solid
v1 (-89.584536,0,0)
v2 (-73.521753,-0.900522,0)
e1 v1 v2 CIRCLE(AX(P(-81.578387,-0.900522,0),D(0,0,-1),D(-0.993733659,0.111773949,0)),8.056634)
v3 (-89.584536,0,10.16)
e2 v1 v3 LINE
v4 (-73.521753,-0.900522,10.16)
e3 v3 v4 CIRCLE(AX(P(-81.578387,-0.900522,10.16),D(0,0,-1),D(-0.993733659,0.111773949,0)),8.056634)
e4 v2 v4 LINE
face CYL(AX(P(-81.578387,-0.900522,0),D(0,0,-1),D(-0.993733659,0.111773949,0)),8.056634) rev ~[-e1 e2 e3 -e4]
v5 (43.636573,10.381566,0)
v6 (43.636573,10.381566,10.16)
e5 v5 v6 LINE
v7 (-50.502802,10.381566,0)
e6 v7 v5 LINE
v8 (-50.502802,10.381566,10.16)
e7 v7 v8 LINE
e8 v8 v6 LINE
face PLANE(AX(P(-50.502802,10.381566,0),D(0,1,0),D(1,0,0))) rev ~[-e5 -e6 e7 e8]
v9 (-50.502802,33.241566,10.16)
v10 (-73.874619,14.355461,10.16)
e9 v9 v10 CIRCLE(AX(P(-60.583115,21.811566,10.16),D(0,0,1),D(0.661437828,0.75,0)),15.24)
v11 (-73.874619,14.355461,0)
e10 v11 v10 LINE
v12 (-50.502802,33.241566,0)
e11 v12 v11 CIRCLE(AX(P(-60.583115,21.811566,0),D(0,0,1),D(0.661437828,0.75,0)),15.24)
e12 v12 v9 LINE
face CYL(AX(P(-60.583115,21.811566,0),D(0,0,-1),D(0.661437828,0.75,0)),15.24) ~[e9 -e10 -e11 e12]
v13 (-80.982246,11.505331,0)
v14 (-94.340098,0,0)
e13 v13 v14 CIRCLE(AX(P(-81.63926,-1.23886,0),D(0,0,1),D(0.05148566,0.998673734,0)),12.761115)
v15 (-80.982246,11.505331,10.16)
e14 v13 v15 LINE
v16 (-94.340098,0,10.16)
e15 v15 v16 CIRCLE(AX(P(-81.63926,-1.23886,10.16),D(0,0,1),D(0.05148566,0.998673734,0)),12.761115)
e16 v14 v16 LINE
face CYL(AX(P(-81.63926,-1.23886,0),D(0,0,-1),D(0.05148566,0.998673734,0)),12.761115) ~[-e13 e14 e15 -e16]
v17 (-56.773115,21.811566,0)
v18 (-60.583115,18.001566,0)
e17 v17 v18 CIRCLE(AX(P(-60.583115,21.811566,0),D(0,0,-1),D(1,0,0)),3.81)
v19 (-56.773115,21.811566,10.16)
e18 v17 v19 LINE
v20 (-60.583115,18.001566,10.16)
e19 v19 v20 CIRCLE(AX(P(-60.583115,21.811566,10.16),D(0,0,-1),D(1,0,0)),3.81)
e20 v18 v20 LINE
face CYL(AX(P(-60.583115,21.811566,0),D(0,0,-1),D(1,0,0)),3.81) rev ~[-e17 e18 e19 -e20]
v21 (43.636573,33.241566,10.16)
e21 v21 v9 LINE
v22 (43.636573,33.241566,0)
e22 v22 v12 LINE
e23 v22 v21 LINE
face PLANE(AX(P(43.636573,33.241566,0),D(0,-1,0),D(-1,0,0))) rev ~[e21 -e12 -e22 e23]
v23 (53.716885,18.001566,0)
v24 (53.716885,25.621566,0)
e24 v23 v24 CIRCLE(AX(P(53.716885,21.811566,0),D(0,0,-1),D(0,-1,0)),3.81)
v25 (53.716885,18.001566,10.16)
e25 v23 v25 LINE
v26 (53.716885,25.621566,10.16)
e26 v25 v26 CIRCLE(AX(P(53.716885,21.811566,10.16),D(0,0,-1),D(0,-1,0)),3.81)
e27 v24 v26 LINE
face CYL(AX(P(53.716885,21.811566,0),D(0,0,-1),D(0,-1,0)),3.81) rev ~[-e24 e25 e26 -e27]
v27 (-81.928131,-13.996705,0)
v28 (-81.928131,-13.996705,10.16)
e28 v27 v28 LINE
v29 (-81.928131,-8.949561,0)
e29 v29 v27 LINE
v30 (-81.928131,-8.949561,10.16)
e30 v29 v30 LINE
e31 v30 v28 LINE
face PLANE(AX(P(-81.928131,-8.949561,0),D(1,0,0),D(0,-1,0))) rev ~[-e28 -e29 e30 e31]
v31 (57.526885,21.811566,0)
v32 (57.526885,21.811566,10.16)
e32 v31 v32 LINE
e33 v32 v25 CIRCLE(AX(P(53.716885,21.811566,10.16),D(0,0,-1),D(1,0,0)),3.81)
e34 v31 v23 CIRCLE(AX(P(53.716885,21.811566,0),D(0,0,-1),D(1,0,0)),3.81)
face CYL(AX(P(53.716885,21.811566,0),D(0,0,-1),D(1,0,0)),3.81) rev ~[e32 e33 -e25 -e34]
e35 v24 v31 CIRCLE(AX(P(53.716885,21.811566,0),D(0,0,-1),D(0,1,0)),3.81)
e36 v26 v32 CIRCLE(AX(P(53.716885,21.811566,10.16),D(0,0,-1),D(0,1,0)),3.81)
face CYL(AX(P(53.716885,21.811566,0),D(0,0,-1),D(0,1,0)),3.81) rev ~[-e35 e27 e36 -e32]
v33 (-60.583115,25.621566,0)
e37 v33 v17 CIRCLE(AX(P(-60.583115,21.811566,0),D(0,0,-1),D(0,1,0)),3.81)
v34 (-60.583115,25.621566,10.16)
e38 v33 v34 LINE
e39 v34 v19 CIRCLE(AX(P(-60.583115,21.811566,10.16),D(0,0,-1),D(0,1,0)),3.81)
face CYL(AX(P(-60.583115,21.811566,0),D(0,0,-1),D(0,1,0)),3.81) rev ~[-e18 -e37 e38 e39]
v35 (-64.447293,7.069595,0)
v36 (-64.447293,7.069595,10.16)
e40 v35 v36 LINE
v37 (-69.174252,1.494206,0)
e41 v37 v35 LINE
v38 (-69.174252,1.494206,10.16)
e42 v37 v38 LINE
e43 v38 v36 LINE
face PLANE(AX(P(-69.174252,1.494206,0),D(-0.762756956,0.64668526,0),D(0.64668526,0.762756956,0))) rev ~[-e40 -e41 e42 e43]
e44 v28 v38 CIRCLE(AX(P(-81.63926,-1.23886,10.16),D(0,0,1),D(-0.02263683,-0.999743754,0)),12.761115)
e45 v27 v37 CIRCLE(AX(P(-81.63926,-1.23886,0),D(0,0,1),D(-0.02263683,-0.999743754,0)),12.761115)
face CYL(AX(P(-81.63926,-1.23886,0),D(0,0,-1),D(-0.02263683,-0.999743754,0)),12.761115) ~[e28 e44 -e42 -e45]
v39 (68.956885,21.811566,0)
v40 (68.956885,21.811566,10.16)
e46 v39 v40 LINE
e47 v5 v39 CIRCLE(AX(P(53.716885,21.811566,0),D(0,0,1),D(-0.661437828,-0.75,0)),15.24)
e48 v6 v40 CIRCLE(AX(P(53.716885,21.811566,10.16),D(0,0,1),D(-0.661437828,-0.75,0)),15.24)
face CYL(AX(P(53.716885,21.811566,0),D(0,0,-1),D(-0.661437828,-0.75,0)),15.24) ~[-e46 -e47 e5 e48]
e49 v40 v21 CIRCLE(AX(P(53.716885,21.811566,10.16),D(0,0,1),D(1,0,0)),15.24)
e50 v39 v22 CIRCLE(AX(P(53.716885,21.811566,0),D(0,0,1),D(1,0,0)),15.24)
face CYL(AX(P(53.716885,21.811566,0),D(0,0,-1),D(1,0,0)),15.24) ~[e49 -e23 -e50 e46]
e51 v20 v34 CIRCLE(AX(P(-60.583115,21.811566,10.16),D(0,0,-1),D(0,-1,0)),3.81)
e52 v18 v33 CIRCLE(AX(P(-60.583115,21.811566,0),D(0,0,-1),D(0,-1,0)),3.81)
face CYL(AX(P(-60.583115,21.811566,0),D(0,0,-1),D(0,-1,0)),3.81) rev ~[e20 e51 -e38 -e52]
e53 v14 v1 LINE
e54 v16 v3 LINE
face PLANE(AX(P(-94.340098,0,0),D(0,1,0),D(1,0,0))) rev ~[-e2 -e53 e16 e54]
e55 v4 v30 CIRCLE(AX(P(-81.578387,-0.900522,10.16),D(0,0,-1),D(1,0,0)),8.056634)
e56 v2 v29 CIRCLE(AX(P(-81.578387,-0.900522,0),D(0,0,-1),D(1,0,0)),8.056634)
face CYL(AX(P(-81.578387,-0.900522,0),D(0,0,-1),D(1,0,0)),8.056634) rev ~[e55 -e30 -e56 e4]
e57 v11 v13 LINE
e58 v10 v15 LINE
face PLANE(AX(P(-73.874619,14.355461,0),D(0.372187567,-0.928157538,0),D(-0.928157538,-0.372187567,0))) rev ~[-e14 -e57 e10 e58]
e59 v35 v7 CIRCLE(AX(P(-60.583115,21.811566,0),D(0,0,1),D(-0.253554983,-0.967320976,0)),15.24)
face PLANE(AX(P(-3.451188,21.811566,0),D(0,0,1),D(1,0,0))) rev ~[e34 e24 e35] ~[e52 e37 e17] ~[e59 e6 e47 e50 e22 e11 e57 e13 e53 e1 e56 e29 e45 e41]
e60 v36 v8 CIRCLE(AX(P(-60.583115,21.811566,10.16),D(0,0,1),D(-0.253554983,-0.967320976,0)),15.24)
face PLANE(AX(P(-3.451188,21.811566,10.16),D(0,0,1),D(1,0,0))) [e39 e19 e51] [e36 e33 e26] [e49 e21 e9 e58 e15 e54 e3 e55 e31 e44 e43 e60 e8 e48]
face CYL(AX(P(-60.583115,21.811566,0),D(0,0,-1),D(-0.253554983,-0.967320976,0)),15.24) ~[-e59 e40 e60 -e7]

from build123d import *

# Parameters (mm, degrees)
F1_DEPTH = 10.16


with BuildPart() as f1:
    # F0 (on Top) → F1 (new body)
    with BuildSketch(Plane.XY):
        with BuildLine():
            Line((43.6365728808, 33.2415662706), (-50.5028021289, 33.2415662706))
            ThreePointArc((-50.5028021289, 33.2415662706), (-46.6928021289, 28.0818787657), (-45.343114624, 21.8115662706))
            ThreePointArc((-45.343114624, 21.8115662706), (-46.6928021289, 15.5412537754), (-50.5028021289, 10.3815662706))
            Line((-50.5028021289, 10.3815662706), (43.6365728808, 10.3815662706))
            ThreePointArc((43.6365728808, 10.3815662706), (38.476885376, 21.8115662706), (43.6365728808, 33.2415662706))
        make_face()
        with BuildLine():
            Line((-50.5028021289, 33.2415662706), (-60.583114624, 33.2415662706))
            Line((-60.583114624, 33.2415662706), (-60.583114624, 25.6215662706))
            ThreePointArc((-60.583114624, 25.6215662706), (-57.8890377877, 24.5056431069), (-56.773114624, 21.8115662706))
            ThreePointArc((-56.773114624, 21.8115662706), (-57.8890377877, 19.1174894343), (-60.583114624, 18.0015662706))
            Line((-60.583114624, 18.0015662706), (-60.583114624, 10.3815662706))
            Line((-60.583114624, 10.3815662706), (-50.5028021289, 10.3815662706))
            ThreePointArc((-50.5028021289, 10.3815662706), (-46.6928021289, 15.5412537754), (-45.343114624, 21.8115662706))
            ThreePointArc((-45.343114624, 21.8115662706), (-46.6928021289, 28.0818787657), (-50.5028021289, 33.2415662706))
        make_face()
        with BuildLine():
            Line((-60.583114624, 25.6215662706), (-60.583114624, 33.2415662706))
            Line((-60.583114624, 33.2415662706), (-50.5028021289, 33.2415662706))
            ThreePointArc((-50.5028021289, 33.2415662706), (-70.1616937801, 33.6651910896), (-73.874619414, 14.3554613613))
            ThreePointArc((-73.874619414, 14.3554613613), (-69.9024668607, 9.7530724223), (-64.4472925639, 7.0695945962))
            ThreePointArc((-64.4472925639, 7.0695945962), (-57.0614145665, 6.9840503389), (-50.5028021289, 10.3815662706))
            Line((-50.5028021289, 10.3815662706), (-60.583114624, 10.3815662706))
            Line((-60.583114624, 10.3815662706), (-60.583114624, 18.0015662706))
            ThreePointArc((-60.583114624, 18.0015662706), (-64.393114624, 21.8115662706), (-60.583114624, 25.6215662706))
        make_face()
        with BuildLine():
            Line((53.716885376, 33.2415662706), (43.6365728808, 33.2415662706))
            ThreePointArc((43.6365728808, 33.2415662706), (38.476885376, 21.8115662706), (43.6365728808, 10.3815662706))
            Line((43.6365728808, 10.3815662706), (53.716885376, 10.3815662706))
            Line((53.716885376, 10.3815662706), (53.716885376, 18.0015662706))
            ThreePointArc((53.716885376, 18.0015662706), (49.906885376, 21.8115662706), (53.716885376, 25.6215662706))
            Line((53.716885376, 25.6215662706), (53.716885376, 33.2415662706))
        make_face()
        with BuildLine():
            ThreePointArc((68.956885376, 21.8115662706), (59.9871978711, 35.7018787657), (43.6365728808, 33.2415662706))
            Line((43.6365728808, 33.2415662706), (53.716885376, 33.2415662706))
            Line((53.716885376, 33.2415662706), (53.716885376, 25.6215662706))
            ThreePointArc((53.716885376, 25.6215662706), (56.4109622123, 24.5056431069), (57.526885376, 21.8115662706))
            ThreePointArc((57.526885376, 21.8115662706), (56.4109622123, 19.1174894343), (53.716885376, 18.0015662706))
            Line((53.716885376, 18.0015662706), (53.716885376, 10.3815662706))
            Line((53.716885376, 10.3815662706), (43.6365728808, 10.3815662706))
            ThreePointArc((43.6365728808, 10.3815662706), (59.9871978711, 7.9212537754), (68.956885376, 21.8115662706))
        make_face()
        with BuildLine():
            ThreePointArc((-64.4472925639, 7.0695945962), (-69.9024668607, 9.7530724223), (-73.874619414, 14.3554613613))
            Line((-73.874619414, 14.3554613613), (-80.9822455049, 11.5053309128))
            Line((-80.9822455049, 11.5053309128), (-69.1742524505, 1.4942061389))
            Line((-69.1742524505, 1.4942061389), (-64.4472925639, 7.0695945962))
        make_face()
        with BuildLine():
            Line((-69.1742524505, 1.4942061389), (-80.9822455049, 11.5053309128))
            ThreePointArc((-80.9822455049, 11.5053309128), (-89.9673198339, 8.4301361201), (-94.340097979, 0))
            Line((-94.340097979, 0), (-89.5845357907, 0))
            ThreePointArc((-89.5845357907, 0), (-81.1274192403, 7.1434810903), (-73.5217529639, -0.9005218265))
            ThreePointArc((-73.5217529639, -0.9005218265), (-76.0065115637, -6.7197620731), (-81.9281311378, -8.9495611595))
            Line((-81.9281311378, -8.9495611595), (-81.9281311378, -13.9967047853))
            ThreePointArc((-81.9281311378, -13.9967047853), (-71.7875263831, -9.3499264964), (-69.1742524505, 1.4942061389))
        make_face()
    extrude(amount=F1_DEPTH)


solid = f1.part
